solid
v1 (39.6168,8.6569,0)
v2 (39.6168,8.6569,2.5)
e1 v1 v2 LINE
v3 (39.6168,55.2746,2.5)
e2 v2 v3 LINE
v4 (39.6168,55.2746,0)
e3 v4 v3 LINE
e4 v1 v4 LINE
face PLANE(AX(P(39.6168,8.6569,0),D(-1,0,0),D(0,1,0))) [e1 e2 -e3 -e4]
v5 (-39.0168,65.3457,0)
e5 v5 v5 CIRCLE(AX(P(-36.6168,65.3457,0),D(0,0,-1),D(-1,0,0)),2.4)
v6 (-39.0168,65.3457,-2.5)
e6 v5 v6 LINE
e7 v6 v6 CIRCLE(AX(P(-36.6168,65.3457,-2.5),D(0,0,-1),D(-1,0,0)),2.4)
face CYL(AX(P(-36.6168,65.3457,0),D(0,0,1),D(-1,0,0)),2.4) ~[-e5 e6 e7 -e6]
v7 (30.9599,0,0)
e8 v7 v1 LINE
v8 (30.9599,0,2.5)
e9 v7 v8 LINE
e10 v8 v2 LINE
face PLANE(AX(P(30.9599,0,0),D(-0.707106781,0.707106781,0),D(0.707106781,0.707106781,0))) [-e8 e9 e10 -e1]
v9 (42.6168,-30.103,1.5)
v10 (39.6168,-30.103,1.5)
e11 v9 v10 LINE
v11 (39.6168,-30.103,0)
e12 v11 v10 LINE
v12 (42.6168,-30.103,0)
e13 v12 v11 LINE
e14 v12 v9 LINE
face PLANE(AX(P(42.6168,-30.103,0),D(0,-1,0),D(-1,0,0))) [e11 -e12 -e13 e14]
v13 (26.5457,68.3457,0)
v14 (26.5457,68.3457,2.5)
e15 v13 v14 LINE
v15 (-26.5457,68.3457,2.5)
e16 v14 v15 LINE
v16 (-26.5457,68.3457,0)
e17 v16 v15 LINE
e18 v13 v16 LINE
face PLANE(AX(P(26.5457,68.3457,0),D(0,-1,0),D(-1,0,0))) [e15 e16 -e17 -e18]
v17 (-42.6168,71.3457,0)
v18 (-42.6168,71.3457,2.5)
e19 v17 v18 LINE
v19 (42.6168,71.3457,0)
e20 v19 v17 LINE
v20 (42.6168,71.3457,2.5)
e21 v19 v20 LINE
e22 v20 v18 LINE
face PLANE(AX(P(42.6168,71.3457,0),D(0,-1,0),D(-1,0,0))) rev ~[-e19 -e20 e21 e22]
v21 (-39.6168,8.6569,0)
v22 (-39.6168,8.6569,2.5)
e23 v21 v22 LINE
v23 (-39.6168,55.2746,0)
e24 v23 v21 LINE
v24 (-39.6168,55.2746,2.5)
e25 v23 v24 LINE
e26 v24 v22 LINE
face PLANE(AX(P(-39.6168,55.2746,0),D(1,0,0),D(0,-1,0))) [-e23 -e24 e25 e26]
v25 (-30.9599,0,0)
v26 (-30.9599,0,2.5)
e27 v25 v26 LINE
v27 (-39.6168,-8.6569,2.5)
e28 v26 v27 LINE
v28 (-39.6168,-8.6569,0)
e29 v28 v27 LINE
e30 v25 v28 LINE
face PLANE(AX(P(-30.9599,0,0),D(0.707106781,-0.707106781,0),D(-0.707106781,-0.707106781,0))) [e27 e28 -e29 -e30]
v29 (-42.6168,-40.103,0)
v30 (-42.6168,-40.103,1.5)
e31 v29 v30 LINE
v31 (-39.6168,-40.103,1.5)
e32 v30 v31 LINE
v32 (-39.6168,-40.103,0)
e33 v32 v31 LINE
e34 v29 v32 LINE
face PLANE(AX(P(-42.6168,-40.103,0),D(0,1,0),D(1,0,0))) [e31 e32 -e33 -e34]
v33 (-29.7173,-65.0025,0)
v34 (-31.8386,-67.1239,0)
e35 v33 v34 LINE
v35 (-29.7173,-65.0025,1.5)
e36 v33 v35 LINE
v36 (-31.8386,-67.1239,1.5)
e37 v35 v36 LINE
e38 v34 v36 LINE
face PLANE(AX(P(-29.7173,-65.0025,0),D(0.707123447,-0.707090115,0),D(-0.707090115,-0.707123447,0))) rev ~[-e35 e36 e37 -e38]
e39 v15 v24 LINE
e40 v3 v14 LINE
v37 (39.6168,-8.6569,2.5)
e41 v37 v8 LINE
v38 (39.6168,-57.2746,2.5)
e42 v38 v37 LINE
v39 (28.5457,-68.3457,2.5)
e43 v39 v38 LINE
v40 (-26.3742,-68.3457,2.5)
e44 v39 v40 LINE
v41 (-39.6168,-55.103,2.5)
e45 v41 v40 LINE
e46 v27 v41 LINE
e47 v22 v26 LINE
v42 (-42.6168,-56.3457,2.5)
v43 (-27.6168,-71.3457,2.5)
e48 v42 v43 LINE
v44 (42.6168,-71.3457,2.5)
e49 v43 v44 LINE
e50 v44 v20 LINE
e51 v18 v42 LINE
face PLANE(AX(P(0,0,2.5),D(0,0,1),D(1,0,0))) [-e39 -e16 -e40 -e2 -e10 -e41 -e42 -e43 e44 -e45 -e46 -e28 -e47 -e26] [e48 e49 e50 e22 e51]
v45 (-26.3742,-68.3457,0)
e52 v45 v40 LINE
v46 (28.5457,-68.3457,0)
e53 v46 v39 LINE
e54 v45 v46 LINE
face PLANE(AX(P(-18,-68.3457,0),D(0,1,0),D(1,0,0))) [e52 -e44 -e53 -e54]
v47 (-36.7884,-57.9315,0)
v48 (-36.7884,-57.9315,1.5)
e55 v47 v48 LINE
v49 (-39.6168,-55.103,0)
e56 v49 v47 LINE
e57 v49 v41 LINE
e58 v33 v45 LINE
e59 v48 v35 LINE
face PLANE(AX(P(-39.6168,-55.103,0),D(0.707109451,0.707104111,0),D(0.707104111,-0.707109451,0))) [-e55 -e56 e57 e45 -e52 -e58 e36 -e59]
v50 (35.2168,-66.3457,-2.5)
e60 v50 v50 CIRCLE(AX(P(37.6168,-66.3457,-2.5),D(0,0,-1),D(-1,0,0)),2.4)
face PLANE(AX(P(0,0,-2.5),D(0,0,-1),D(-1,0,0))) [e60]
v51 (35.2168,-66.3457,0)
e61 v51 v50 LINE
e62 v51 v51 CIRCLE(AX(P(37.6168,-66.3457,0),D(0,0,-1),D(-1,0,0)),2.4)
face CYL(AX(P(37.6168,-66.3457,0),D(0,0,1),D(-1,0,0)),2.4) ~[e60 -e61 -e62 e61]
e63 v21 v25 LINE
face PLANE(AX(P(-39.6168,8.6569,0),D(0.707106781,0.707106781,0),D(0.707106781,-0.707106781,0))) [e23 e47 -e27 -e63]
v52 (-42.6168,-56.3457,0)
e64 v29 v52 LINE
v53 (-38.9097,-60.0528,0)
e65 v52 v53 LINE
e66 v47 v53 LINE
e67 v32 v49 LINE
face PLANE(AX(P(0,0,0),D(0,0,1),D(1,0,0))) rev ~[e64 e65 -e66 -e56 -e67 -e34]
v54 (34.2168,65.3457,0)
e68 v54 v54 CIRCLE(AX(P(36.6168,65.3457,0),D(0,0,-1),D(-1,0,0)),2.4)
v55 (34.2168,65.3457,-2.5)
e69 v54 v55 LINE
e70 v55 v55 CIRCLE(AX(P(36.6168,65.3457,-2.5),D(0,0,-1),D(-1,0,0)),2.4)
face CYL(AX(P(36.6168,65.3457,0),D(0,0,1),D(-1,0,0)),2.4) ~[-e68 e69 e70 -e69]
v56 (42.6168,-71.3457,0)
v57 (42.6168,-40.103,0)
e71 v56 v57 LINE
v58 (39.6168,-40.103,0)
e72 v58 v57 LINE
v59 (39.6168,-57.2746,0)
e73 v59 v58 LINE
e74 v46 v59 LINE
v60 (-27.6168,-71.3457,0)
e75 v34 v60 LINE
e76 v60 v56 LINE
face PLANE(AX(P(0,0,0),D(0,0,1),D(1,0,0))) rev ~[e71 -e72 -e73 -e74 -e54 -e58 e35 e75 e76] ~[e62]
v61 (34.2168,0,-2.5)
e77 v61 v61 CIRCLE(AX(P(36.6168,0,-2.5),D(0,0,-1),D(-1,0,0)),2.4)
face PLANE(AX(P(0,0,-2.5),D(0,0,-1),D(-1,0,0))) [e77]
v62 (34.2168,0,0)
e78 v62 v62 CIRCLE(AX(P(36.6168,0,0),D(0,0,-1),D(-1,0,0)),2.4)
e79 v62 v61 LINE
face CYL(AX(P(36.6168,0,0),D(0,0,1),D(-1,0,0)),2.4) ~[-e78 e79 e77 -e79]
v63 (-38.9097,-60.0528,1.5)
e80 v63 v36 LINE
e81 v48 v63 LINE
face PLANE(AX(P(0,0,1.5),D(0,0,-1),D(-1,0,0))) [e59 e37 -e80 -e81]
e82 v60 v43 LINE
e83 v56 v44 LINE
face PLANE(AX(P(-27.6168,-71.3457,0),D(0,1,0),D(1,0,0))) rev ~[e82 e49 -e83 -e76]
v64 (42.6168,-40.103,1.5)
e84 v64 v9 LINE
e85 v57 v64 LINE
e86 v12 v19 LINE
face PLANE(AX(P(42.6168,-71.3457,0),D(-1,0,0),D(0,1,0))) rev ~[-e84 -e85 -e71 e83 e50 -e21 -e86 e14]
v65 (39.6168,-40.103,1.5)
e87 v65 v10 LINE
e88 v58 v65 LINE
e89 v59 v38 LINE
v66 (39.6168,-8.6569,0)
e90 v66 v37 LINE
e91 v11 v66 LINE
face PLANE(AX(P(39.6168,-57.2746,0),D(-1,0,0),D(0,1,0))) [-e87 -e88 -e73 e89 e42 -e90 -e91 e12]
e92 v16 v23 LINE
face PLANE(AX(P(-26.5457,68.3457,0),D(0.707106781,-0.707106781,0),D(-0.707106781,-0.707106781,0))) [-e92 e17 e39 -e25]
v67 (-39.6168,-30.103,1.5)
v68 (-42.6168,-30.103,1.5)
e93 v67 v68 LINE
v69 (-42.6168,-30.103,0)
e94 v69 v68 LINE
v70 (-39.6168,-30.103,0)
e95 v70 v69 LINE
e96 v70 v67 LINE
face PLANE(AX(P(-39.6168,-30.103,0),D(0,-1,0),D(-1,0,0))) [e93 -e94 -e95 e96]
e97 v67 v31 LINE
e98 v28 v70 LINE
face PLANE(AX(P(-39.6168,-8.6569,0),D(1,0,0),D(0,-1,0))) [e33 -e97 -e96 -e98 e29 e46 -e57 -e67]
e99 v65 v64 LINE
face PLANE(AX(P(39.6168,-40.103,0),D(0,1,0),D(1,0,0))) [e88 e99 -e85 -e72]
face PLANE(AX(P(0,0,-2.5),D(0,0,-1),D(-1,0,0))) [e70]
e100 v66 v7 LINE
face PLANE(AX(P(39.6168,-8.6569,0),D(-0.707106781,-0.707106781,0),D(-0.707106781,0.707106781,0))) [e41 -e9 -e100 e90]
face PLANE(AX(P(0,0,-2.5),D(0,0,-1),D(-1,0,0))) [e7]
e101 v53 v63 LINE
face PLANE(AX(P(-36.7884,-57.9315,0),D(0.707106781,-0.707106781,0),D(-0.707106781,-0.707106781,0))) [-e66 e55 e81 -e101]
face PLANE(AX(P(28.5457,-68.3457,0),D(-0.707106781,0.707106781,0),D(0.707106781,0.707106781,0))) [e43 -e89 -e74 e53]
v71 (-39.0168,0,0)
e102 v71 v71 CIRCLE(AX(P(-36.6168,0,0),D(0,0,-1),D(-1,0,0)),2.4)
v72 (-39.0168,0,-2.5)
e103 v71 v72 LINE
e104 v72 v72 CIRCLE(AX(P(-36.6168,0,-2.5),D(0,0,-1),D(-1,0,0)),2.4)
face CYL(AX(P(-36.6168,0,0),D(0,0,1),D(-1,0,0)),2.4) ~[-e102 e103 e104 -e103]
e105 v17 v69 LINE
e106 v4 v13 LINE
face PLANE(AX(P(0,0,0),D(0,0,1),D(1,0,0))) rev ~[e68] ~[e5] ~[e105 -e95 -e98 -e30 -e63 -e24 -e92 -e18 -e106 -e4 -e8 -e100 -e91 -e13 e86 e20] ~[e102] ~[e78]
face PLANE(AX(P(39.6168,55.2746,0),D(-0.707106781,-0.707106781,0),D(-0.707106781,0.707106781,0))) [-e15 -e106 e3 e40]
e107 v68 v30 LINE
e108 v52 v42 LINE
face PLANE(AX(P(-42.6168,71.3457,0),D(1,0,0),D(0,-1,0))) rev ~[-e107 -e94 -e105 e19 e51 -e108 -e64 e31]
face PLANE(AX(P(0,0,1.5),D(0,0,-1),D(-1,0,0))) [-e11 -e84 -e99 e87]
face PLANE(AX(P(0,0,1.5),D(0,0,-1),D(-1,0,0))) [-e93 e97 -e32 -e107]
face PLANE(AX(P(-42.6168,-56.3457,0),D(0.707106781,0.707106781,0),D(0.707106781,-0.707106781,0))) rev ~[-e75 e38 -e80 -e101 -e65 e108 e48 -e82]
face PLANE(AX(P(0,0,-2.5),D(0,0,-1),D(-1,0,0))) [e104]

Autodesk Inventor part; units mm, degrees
ref_plane "YZ Plane" through (0, 0, 0) normal (1, 0, 0) x (0, 1, 0)
ref_plane "XZ Plane" through (0, 0, 0) normal (0, 1, 0) x (-1, 0, 0)
ref_plane "XY Plane" through (0, 0, 0) normal (0, 0, 1) x (1, 0, 0)
sketch "Skizze1" plane through (0, 0, 0) normal (0, 0, 1) x (1, 0, 0)
  line L0 (42.6168, 71.3457) -> (-42.6168, 71.3457) projected
  line L1 (-42.6168, 71.3457) -> (-42.6168, -71.3457) projected
  line L2 (42.6168, -71.3457) -> (42.6168, 71.3457) projected
  line L3 (-42.6168, -71.3457) -> (42.6168, -71.3457) projected
  line L4 (-18, -68.3457) -> (28.5457, -68.3457)
  line L5 (28.5457, -68.3457) -> (39.6168, -57.2746)
  line L6 (39.6168, -57.2746) -> (39.6168, -8.6569)
  line L7 (39.6168, 8.6569) -> (39.6168, 55.2746)
  line L8 (39.6168, 55.2746) -> (26.5457, 68.3457)
  line L9 (26.5457, 68.3457) -> (-26.5457, 68.3457)
  line L10 (-26.5457, 68.3457) -> (-39.6168, 55.2746)
  line L11 (-39.6168, 55.2746) -> (-39.6168, 8.6569)
  line L12 (-39.6168, 8.6569) -> (-30.9599, 0)
  line L13 (-30.9599, 0) -> (-39.6168, -8.6569)
  line L14 (-39.6168, -8.6569) -> (-39.6168, -55.103)
  line L15 (-39.6168, -55.103) -> (-26.3742, -68.3457)
  line L16 (-26.3742, -68.3457) -> (-18, -68.3457)
  line L17 (-42.6168, -56.3457) -> (-27.6168, -71.3457)
  circle A0 centre (37.6168, -66.3457) radius 2.5 construction
  circle A1 centre (36.6168, 0) radius 2.5 construction
  circle A2 centre (-36.6168, 0) radius 2.5 construction
  circle A3 centre (37.6168, -66.3457) radius 2.5 construction
  circle A4 centre (36.6168, 65.3457) radius 2.5 construction
  circle A5 centre (-36.6168, 65.3457) radius 2.5 construction
  line L18 (39.6168, -8.6569) -> (30.9599, 0)
  line L19 (30.9599, 0) -> (39.6168, 8.6569)
  point P0 (0, 0)
  dimension "d0" = 3
  dimension "d1" = 3
  dimension "d2" = 3
  dimension "d3" = 3
  dimension "d4" = 5
  dimension "d5" = 45
  dimension "d6" = 5
  dimension "d7" = 45
  dimension "d8" = 4
  dimension "d9" = 4
  dimension "d10" = 4
  dimension "d11" = 4
  dimension "d12" = 5
  dimension "d13" = 3
  dimension "d14" = 15
extrude "Extrusion1" add sketch "Skizze1" along normal blind 2.5 contours L2 L3 L17 L1 L0
sketch "Skizze2" plane through (0, 0, 0) normal (0, 0, -1) x (-1, 0, 0)
  circle A0 centre (-36.6168, 65.3457) radius 2.4 projected
  circle A1 centre (36.6168, 65.3457) radius 2.4 projected
  circle A2 centre (36.6168, 0) radius 2.4 projected
  circle A3 centre (-36.6168, 0) radius 2.4 projected
  circle A4 centre (-37.6168, -66.3457) radius 2.4 projected
  point P0 (0, 0)
extrude "Extrusion2" add sketch "Skizze2" along normal blind 2.5
sketch "Skizze3" plane through (0, 0, 0) normal (0, 0, -1) x (-1, 0, 0)
  line L0 (42.6168, 71.3457) -> (42.6168, -56.3457) projected
  line L1 (39.6168, -8.6569) -> (39.6168, -55.103) projected
  line L2 (42.6168, -40.103) -> (39.6168, -40.103)
  line L3 (39.6168, -40.103) -> (39.6168, -30.103)
  line L4 (39.6168, -30.103) -> (42.6168, -30.103)
  line L5 (42.6168, -30.103) -> (42.6168, -40.103)
  line L6 (-39.6168, -57.2746) -> (-39.6168, -8.6569) projected
  line L7 (-42.6168, -71.3457) -> (-42.6168, 71.3457) projected
  line L8 (-39.6168, -40.103) -> (-42.6168, -40.103)
  line L9 (-42.6168, -40.103) -> (-42.6168, -30.103)
  line L10 (-42.6168, -30.103) -> (-39.6168, -30.103)
  line L11 (-39.6168, -30.103) -> (-39.6168, -40.103)
  line L12 (39.6168, -55.103) -> (26.3742, -68.3457) projected
  line L13 (29.7173, -65.0025) -> (36.7884, -57.9315)
  line L14 (26.3742, -68.3457) -> (39.6168, -55.103) projected
  line L15 (36.7884, -57.9315) -> (38.9097, -60.0528)
  line L16 (42.6168, -56.3457) -> (27.6168, -71.3457) projected
  line L17 (38.9097, -60.0528) -> (31.8386, -67.1239)
  line L18 (29.7173, -65.0025) -> (31.8386, -67.1239)
  point P0 (0, 0)
  dimension "d19" = 10
  dimension "d20" = 15
  dimension "d21" = 10
  dimension "d22" = 4
extrude "Extrusion3" cut sketch "Skizze3" against normal blind 1.5 contours L0 L2 L1 L4 | L16 L18 L12 L15 | L8 L7 L10 L6
equation "\"d1\" = d0"
equation "\"d2\" = d0"
equation "\"d3\" = d0"
properties part number "Backplate"
